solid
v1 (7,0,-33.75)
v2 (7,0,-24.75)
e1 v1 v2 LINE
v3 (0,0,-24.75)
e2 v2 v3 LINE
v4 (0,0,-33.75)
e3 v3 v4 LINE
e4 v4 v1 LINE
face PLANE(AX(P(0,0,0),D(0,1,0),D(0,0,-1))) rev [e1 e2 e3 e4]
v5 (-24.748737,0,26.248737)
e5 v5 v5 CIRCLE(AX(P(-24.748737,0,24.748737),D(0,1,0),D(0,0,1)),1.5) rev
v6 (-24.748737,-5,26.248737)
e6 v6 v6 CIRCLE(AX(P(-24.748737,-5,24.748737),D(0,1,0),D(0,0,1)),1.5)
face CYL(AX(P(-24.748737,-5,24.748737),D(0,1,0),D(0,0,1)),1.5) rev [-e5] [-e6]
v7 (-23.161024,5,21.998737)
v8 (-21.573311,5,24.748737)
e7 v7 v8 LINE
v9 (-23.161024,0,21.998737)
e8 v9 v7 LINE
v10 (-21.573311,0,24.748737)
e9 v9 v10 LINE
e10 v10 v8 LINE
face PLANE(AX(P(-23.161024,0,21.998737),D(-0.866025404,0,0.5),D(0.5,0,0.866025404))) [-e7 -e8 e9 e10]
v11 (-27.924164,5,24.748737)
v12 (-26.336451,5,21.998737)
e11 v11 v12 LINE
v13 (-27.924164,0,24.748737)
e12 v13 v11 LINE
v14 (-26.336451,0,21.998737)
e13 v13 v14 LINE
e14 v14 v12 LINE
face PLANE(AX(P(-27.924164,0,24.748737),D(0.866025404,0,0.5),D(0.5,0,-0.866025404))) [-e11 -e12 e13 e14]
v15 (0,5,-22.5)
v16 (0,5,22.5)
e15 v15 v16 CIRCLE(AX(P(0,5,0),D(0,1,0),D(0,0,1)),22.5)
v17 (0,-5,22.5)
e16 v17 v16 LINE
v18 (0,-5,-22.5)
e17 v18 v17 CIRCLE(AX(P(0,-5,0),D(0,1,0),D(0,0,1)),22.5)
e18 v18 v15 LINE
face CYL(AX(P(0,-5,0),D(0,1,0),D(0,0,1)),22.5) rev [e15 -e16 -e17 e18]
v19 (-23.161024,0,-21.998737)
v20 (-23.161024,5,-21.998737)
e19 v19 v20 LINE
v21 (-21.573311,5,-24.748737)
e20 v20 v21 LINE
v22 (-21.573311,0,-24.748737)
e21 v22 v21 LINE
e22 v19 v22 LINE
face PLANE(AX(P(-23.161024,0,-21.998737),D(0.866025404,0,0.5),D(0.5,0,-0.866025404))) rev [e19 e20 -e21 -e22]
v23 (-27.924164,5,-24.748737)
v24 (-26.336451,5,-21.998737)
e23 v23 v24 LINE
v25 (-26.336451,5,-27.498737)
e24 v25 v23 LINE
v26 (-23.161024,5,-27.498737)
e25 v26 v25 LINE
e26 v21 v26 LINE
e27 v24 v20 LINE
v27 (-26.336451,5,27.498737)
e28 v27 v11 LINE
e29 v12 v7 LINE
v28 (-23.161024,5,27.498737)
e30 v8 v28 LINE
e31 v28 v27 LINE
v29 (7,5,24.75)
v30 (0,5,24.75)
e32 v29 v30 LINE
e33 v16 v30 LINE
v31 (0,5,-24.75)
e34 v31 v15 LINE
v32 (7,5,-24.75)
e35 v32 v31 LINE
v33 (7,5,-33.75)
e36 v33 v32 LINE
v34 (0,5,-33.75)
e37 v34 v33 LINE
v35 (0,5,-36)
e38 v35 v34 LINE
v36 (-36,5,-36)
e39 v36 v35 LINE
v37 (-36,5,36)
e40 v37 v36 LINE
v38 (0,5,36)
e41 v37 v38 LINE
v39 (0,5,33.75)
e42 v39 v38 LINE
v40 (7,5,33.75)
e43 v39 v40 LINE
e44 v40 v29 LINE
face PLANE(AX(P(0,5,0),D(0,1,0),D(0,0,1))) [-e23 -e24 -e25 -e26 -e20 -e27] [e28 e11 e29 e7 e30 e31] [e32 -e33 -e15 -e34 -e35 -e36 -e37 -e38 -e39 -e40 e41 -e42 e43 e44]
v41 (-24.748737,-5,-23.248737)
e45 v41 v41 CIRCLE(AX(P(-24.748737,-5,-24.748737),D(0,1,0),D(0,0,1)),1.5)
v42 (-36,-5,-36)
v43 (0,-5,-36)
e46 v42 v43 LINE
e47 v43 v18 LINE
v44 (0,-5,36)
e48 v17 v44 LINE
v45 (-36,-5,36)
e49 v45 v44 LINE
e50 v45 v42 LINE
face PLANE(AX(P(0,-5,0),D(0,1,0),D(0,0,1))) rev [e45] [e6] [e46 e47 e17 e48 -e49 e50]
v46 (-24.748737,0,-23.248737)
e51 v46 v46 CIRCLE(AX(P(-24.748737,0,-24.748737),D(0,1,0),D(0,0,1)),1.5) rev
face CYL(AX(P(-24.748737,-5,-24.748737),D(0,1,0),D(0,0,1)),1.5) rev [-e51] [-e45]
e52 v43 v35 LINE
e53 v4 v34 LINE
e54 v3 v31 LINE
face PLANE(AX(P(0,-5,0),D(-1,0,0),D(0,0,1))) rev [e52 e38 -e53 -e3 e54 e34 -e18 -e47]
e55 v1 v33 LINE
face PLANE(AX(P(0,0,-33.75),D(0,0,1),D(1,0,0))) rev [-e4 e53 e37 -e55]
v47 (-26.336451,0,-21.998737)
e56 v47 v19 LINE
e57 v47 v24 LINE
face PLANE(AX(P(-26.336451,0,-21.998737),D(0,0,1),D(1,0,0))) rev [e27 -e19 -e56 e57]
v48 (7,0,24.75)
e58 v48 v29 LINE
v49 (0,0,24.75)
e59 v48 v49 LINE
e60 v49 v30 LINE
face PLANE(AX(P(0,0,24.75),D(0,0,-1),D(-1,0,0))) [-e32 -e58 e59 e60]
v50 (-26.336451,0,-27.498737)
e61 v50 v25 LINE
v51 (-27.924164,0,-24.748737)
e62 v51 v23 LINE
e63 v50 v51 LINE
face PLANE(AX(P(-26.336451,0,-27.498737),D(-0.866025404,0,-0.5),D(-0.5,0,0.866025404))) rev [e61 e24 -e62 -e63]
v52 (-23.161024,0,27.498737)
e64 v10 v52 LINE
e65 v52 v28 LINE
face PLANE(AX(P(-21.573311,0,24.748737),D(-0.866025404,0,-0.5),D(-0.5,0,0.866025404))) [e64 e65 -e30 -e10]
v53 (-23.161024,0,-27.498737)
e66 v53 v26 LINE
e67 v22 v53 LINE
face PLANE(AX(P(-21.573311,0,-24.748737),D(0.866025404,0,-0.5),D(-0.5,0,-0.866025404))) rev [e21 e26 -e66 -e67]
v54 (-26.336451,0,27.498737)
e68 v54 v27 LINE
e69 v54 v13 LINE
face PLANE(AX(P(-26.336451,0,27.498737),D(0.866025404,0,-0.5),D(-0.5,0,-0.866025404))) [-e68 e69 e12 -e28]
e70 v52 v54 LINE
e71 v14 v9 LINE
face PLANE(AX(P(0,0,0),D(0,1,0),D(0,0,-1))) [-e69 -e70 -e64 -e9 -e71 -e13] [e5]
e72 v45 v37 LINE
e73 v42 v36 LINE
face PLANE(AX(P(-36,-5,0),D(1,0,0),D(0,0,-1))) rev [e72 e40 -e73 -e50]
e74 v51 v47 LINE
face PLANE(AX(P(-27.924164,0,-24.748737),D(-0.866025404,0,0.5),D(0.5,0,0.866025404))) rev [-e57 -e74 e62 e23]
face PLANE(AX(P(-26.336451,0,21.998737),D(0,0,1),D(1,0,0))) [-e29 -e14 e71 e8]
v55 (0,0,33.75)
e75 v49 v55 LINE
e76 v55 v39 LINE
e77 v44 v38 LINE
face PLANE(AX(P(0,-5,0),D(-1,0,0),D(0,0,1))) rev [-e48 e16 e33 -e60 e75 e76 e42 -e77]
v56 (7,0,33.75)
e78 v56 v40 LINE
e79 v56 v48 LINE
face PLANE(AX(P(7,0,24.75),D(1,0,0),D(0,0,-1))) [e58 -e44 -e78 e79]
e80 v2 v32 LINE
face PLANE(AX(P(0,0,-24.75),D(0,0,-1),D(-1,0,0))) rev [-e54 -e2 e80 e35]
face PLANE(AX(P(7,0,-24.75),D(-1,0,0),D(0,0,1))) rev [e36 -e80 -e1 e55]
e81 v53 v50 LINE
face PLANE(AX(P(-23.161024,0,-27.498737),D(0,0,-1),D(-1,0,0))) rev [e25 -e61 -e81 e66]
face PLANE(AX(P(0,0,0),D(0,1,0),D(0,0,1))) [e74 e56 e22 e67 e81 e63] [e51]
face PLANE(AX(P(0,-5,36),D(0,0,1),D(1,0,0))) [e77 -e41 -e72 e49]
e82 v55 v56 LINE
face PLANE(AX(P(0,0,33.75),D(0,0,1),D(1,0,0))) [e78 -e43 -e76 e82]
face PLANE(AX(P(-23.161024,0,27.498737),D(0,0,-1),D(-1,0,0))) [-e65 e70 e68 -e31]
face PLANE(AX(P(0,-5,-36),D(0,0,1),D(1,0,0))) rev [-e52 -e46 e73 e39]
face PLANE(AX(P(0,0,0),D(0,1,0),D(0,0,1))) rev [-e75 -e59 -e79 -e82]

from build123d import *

# Parameters (mm, degrees)
BOSS_EXTRUDE1_DEPTH      = 5
BOSS_EXTRUDE1_DEPTH_BACK = 5
SKETCH1_R                = 1.5
CUT_EXTRUDE1_DEPTH       = 5
SKETCH3_W                = 7
SKETCH3_H                = 9
BOSS_EXTRUDE2_DEPTH      = 5


with BuildPart() as part:
    # Sketch1 → Boss-Extrude1 (new, two sides: drawn at the far end of the back side and taken through both)
    with BuildSketch(Plane(origin=(0, 0, 0), x_dir=(1, 0, 0), z_dir=(0, 1, 0)).offset(-BOSS_EXTRUDE1_DEPTH_BACK)):
        with BuildLine():
            Line((0, 22.5), (0, 36))
            Line((0, 36), (-36, 36))
            Line((-36, 36), (-36, -36))
            Line((-36, -36), (0, -36))
            Line((0, -36), (0, -22.5))
            ThreePointArc((0, -22.5), (-22.5, 0), (0, 22.5))
        make_face()
        with Locations((-24.748737342, -24.748737342)):
            Circle(SKETCH1_R, mode=Mode.SUBTRACT)
        with Locations((-24.748737342, 24.748737342)):
            Circle(SKETCH1_R, mode=Mode.SUBTRACT)
    extrude(amount=BOSS_EXTRUDE1_DEPTH + BOSS_EXTRUDE1_DEPTH_BACK)

    # Sketch2 → Cut-Extrude1 (cut)
    with BuildSketch(Plane(origin=(0, 5, 0), x_dir=(1, 0, 0), z_dir=(0, 1, 0))):
        Polygon((-23.161024101, 27.498737342), (-26.336450582, 27.498737342), (-27.924163822, 24.748737342), (-26.336450582, 21.998737342), (-23.161024101, 21.998737342), (-21.573310861, 24.748737342), align=None)
    cut_extrude1 = extrude(amount=-CUT_EXTRUDE1_DEPTH, mode=Mode.SUBTRACT)

    # Mirror1: Cut-Extrude1 across plane
    add(cut_extrude1.mirror(Plane.XY), mode=Mode.SUBTRACT)

    # Sketch3 → Boss-Extrude2 (add)
    with BuildSketch(Plane(origin=(0, 5, 0), x_dir=(1, 0, 0), z_dir=(0, 1, 0))):
        with Locations((3.5, -29.25)):
            Rectangle(SKETCH3_W, SKETCH3_H)
    boss_extrude2 = extrude(amount=-BOSS_EXTRUDE2_DEPTH)

    # Mirror2: Boss-Extrude2 across plane
    add(boss_extrude2.mirror(Plane.XY))


solid = part.part
